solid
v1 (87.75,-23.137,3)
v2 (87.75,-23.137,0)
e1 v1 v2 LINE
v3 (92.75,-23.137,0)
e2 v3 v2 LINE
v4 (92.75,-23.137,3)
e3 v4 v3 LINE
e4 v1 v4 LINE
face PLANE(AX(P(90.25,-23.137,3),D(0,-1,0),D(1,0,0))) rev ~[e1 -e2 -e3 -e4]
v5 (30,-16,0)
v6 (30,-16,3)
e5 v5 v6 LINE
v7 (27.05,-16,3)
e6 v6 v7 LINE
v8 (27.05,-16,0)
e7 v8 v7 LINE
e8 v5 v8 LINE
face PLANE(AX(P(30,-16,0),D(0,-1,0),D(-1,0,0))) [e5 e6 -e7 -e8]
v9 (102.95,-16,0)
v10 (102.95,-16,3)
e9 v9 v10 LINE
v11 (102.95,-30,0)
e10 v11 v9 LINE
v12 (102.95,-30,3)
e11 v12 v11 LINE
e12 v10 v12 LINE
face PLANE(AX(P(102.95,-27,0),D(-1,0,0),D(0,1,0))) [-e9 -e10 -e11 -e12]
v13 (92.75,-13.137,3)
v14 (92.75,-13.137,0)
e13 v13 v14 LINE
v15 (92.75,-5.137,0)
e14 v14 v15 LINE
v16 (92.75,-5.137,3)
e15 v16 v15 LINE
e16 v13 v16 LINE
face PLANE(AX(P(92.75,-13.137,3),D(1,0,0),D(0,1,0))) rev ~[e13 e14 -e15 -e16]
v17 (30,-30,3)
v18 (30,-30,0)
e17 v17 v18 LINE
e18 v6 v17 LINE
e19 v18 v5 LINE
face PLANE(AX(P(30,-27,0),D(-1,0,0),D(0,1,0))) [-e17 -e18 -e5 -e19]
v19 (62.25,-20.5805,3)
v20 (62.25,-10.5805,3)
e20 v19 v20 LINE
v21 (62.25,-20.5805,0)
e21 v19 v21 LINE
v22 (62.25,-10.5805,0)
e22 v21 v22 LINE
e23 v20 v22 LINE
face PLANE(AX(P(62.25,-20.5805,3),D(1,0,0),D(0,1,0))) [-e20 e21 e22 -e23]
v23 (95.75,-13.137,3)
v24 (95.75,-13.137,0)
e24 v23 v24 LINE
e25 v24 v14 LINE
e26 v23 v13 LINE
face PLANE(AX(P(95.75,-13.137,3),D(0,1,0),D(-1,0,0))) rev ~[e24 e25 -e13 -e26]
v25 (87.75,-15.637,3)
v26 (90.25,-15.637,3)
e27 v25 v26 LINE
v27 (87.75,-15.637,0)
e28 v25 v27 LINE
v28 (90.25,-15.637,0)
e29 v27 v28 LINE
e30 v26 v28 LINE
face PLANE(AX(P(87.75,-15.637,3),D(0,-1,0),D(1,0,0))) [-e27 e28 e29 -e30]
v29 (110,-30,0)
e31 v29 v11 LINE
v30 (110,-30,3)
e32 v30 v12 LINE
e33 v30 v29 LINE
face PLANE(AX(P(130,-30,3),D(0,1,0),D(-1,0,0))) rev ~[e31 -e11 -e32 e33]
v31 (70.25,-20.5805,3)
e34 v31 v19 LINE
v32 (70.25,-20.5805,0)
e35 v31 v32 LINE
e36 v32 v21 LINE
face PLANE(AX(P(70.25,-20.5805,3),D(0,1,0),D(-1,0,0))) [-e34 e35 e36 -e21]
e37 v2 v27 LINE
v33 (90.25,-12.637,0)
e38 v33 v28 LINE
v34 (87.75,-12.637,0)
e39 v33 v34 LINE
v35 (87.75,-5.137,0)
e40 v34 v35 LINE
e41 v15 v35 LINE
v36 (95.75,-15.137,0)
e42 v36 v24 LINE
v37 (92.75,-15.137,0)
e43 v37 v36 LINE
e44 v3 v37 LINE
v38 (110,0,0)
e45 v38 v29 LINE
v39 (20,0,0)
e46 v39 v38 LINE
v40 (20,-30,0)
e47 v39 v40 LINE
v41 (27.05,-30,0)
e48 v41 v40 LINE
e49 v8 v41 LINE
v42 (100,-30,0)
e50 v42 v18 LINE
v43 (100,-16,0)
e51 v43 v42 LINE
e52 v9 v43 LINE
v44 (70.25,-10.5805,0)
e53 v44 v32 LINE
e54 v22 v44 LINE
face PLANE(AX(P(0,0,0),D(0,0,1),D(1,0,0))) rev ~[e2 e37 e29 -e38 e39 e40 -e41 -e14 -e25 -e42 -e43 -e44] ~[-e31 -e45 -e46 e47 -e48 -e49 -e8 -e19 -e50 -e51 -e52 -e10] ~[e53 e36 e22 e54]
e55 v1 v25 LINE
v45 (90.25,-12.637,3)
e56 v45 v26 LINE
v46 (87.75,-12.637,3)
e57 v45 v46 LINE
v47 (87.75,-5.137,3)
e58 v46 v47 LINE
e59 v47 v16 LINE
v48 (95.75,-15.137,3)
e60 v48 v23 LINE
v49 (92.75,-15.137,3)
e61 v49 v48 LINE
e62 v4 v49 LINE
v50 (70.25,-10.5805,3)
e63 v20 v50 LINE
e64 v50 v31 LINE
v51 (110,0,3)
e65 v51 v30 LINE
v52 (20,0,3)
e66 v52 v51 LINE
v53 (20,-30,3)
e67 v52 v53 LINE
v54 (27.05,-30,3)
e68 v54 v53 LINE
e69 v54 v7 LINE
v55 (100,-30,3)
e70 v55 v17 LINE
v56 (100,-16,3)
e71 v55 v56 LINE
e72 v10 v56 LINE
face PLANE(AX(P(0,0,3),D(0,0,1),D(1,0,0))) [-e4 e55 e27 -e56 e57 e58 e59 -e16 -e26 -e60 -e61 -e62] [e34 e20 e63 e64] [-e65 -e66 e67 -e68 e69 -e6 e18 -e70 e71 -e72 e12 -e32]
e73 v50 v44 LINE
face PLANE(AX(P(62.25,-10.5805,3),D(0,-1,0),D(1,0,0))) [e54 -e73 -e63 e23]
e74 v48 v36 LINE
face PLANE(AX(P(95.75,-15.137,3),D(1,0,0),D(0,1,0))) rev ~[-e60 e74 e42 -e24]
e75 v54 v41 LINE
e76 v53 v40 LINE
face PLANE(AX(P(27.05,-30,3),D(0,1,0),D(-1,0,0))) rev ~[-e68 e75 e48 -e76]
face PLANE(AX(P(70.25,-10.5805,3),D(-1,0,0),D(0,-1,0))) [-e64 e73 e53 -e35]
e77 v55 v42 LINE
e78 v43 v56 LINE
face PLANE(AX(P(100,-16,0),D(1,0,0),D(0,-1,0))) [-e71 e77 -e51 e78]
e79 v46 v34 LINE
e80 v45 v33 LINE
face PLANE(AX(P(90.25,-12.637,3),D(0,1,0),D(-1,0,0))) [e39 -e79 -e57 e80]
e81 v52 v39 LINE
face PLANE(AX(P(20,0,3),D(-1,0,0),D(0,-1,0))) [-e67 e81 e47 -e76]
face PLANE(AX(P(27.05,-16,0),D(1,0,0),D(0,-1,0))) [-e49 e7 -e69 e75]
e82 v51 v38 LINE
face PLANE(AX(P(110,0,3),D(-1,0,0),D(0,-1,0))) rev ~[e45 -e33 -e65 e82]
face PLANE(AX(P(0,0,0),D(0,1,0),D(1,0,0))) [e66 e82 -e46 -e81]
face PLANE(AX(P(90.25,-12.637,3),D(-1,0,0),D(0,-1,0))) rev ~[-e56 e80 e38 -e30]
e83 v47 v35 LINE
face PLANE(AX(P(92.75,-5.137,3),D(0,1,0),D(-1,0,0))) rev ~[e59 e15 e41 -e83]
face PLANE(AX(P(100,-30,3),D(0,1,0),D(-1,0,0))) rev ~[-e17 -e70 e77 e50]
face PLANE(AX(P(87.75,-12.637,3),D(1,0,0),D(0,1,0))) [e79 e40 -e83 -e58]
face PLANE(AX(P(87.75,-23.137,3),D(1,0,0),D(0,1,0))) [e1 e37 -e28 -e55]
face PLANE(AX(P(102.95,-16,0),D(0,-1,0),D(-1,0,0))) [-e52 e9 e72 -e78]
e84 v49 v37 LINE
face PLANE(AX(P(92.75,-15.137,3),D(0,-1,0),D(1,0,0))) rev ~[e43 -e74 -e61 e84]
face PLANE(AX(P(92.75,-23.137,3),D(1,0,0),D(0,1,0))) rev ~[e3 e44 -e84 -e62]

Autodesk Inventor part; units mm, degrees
ref_plane "YZ Plane" through (0, 0, 0) normal (1, 0, 0) x (0, 1, 0)
ref_plane "XZ Plane" through (0, 0, 0) normal (0, 1, 0) x (-1, 0, 0)
ref_plane "XY Plane" through (0, 0, 0) normal (0, 0, 1) x (1, 0, 0)
sketch "草圖1" plane through (0, 0, 0) normal (0, 0, 1) x (1, 0, 0)
  line L0 (0, 0) -> (130, 0)
  line L1 (130, 0) -> (130, -27)
  line L2 (130, -27) -> (0, -27)
  line L3 (0, -27) -> (0, 0)
  line L4 (27.05, -27) -> (30, -27)
  line L5 (30, -27) -> (30, -16)
  line L6 (30, -16) -> (27.05, -16)
  line L7 (27.05, -16) -> (27.05, -27)
  line L8 (100, -27) -> (102.95, -27)
  line L9 (102.95, -27) -> (102.95, -16)
  line L10 (102.95, -16) -> (100, -16)
  line L11 (100, -16) -> (100, -27)
  line L12 (30, -16) -> (100, -16)
  point P0 (65, -16)
  point P1 (65, -27)
  dimension "d0" = 70
  dimension "d1" = 130
  dimension "d2" = 2.95
  dimension "d3" = 2.95
  dimension "d4" = 11
  dimension "d5" = 27
extrude "擠出1" add sketch "草圖1" along normal blind 3 contours L0 L1 L2 L9 L10 L12 L6 L7 L3 | L5 L12 L11 L2
sketch "草圖4" plane through (0, 0, 3) normal (0, 0, 1) x (1, 0, 0)
  line L0 (0, -27) -> (27.05, -27) projected
  line L1 (0, -27) -> (130, -27)
  line L2 (130, -27) -> (130, -30)
  line L3 (130, -30) -> (0, -30)
  line L4 (0, -30) -> (0, -27)
  line L5 (100, -27) -> (100, -16) projected
  line L6 (100, -27) -> (100, -30)
  line L7 (102.95, -16) -> (102.95, -27) projected
  line L8 (102.95, -27) -> (102.95, -30)
  line L9 (27.05, -27) -> (27.05, -30)
  line L10 (30, -27) -> (100, -27) projected
  line L11 (30, -27) -> (30, -30)
  line L12 (102.95, -27) -> (130, -27) projected
  line L13 (110, -27) -> (130, -27)
  line L14 (130, -27) -> (130, 0) projected
  dimension "d49" = 3
extrude "擠出4" add sketch "草圖4" against normal up to surface (3 mm away) contours L0 L9 L3 L4 | L1 L6 L3 L11 | L1 L2 L3 L8
sketch "草圖5" plane through (0, 0, 3) normal (0, 0, 1) x (1, 0, 0)
  line L0 (130, 0) -> (0, 0) projected
  line L1 (0, 0) -> (0, -30) projected
  line L2 (0, -30) -> (27.05, -30) projected
  line L3 (27.05, -30) -> (27.05, -16) projected
  line L4 (27.05, -16) -> (30, -16) projected
  line L5 (30, -16) -> (30, -30) projected
  line L6 (30, -30) -> (100, -30) projected
  line L7 (100, -30) -> (100, -16) projected
  line L8 (100, -16) -> (102.95, -16) projected
  line L9 (102.95, -16) -> (102.95, -30) projected
  line L10 (102.95, -30) -> (130, -30) projected
  line L11 (130, -30) -> (130, 0) projected
  line L12 (130, -30) -> (102.95, -30) projected
  line L13 (130, 0) -> (110, 0)
  line L14 (110, 0) -> (110, -30)
  line L15 (110, -30) -> (130, -30)
  line L16 (130, -30) -> (130, 0)
  line L17 (0, -30) -> (0, 0)
  line L18 (0, 0) -> (20, 0)
  line L19 (20, 0) -> (20, -30)
  line L20 (20, -30) -> (0, -30)
  point P0 (130, -15)
  dimension "d33" = 20
  dimension "d51" = 20
extrude "擠出5" cut sketch "草圖5" against normal up to surface (3 mm away) contours L11 L10 L14 L0 | L19 L2 L1 L0
sketch "草圖7" plane through (0, 0, 3) normal (0, 0, 1) x (1, 0, 0)
  line L0 (90.25, -5.137) -> (90.25, -23.137)
  line L1 (90.25, -23.137) -> (92.75, -23.137)
  line L2 (92.75, -23.137) -> (92.75, -5.137)
  line L3 (92.75, -5.137) -> (90.25, -5.137)
  line L4 (100, -30) -> (100, -16) projected
  line L5 (100, -16) -> (102.95, -16) projected
  line L6 (90.25, -5.137) -> (90.25, -12.637)
  line L7 (90.25, -12.637) -> (87.75, -12.637)
  line L8 (87.75, -12.637) -> (87.75, -5.137)
  line L9 (87.75, -5.137) -> (90.25, -5.137)
  line L10 (90.25, -15.637) -> (90.25, -23.137)
  line L11 (90.25, -23.137) -> (87.75, -23.137)
  line L12 (87.75, -23.137) -> (87.75, -15.637)
  line L13 (87.75, -15.637) -> (90.25, -15.637)
  line L14 (92.75, -15.137) -> (95.75, -15.137)
  line L15 (95.75, -15.137) -> (95.75, -13.137)
  line L16 (95.75, -13.137) -> (92.75, -13.137)
  line L17 (92.75, -13.137) -> (92.75, -15.137)
  line L18 (102.95, -5.137) -> (102.95, -23.137)
  line L19 (102.95, -23.137) -> (105.45, -23.137)
  line L20 (105.45, -23.137) -> (105.45, -5.137)
  line L21 (105.45, -5.137) -> (102.95, -5.137)
  line L22 (102.95, -16) -> (102.95, -30) projected
  line L23 (30, -30) -> (100, -30) projected
  line L24 (62.25, -10.5805) -> (70.25, -10.5805)
  line L25 (70.25, -10.5805) -> (70.25, -20.5805)
  line L26 (70.25, -20.5805) -> (62.25, -20.5805)
  line L27 (62.25, -20.5805) -> (62.25, -10.5805)
  point P0 (0, 0)
  point P1 (91.5, -5.137)
  point P2 (95.75, -14.137)
  point P3 (92.75, -14.137)
  point P4 (66.25, -20.5805)
  dimension "d36" = 7.25
  dimension "d37" = 2.5
  dimension "d38" = 18
  dimension "d40" = 18
  dimension "d41" = 2.5
  dimension "d42" = 7.5
  dimension "d43" = 7.5
  dimension "d44" = 2.5
  dimension "d45" = 2
  dimension "d46" = 3
  dimension "d50" = 6.863
  dimension "d52" = 10
  dimension "d53" = 8
  dimension "d54" = 20
extrude "擠出6" cut sketch "草圖7" against normal up to surface (3 mm away) contours L3 L2 L1 L0 | L0 L7 L8 L9 | L0 L11 L12 L13 | L16 L15 L14 L2 | L24 L25 L26 L27
sketch "草圖9" plane through (0, 0, 3) normal (0, 0, 1) x (1, 0, 0)
  line L0 (102.95, -16) -> (102.95, -30) projected
  line L1 (102.95, -30) -> (110, -30) projected
  line L2 (110, -30) -> (110, 0) projected
  line L3 (110, 0) -> (20, 0) projected
  line L4 (20, 0) -> (20, -30) projected
  line L5 (20, -30) -> (27.05, -30) projected
  line L6 (27.05, -30) -> (27.05, -16) projected
  line L7 (27.05, -16) -> (30, -16) projected
  line L8 (30, -16) -> (30, -30) projected
  line L9 (30, -30) -> (100, -30) projected
  line L10 (100, -30) -> (100, -16) projected
  line L11 (100, -16) -> (102.95, -16) projected
  line L12 (95.75, -15.137) -> (92.75, -15.137) projected
  line L13 (92.75, -15.137) -> (92.75, -23.137) projected
  line L14 (92.75, -23.137) -> (87.75, -23.137) projected
  line L15 (87.75, -23.137) -> (87.75, -15.637) projected
  line L16 (87.75, -15.637) -> (90.25, -15.637) projected
  line L17 (90.25, -15.637) -> (90.25, -12.637) projected
  line L18 (90.25, -12.637) -> (87.75, -12.637) projected
  line L19 (87.75, -12.637) -> (87.75, -5.137) projected
  line L20 (87.75, -5.137) -> (92.75, -5.137) projected
  line L21 (92.75, -5.137) -> (92.75, -13.137) projected
  line L22 (92.75, -13.137) -> (95.75, -13.137) projected
  line L23 (95.75, -13.137) -> (95.75, -15.137) projected
  line L24 (70.25, -20.5805) -> (62.25, -20.5805) projected
  line L25 (62.25, -20.5805) -> (62.25, -10.5805) projected
  line L26 (62.25, -10.5805) -> (70.25, -10.5805) projected
  line L27 (70.25, -10.5805) -> (70.25, -20.5805) projected
  point P0 (0, 0)
